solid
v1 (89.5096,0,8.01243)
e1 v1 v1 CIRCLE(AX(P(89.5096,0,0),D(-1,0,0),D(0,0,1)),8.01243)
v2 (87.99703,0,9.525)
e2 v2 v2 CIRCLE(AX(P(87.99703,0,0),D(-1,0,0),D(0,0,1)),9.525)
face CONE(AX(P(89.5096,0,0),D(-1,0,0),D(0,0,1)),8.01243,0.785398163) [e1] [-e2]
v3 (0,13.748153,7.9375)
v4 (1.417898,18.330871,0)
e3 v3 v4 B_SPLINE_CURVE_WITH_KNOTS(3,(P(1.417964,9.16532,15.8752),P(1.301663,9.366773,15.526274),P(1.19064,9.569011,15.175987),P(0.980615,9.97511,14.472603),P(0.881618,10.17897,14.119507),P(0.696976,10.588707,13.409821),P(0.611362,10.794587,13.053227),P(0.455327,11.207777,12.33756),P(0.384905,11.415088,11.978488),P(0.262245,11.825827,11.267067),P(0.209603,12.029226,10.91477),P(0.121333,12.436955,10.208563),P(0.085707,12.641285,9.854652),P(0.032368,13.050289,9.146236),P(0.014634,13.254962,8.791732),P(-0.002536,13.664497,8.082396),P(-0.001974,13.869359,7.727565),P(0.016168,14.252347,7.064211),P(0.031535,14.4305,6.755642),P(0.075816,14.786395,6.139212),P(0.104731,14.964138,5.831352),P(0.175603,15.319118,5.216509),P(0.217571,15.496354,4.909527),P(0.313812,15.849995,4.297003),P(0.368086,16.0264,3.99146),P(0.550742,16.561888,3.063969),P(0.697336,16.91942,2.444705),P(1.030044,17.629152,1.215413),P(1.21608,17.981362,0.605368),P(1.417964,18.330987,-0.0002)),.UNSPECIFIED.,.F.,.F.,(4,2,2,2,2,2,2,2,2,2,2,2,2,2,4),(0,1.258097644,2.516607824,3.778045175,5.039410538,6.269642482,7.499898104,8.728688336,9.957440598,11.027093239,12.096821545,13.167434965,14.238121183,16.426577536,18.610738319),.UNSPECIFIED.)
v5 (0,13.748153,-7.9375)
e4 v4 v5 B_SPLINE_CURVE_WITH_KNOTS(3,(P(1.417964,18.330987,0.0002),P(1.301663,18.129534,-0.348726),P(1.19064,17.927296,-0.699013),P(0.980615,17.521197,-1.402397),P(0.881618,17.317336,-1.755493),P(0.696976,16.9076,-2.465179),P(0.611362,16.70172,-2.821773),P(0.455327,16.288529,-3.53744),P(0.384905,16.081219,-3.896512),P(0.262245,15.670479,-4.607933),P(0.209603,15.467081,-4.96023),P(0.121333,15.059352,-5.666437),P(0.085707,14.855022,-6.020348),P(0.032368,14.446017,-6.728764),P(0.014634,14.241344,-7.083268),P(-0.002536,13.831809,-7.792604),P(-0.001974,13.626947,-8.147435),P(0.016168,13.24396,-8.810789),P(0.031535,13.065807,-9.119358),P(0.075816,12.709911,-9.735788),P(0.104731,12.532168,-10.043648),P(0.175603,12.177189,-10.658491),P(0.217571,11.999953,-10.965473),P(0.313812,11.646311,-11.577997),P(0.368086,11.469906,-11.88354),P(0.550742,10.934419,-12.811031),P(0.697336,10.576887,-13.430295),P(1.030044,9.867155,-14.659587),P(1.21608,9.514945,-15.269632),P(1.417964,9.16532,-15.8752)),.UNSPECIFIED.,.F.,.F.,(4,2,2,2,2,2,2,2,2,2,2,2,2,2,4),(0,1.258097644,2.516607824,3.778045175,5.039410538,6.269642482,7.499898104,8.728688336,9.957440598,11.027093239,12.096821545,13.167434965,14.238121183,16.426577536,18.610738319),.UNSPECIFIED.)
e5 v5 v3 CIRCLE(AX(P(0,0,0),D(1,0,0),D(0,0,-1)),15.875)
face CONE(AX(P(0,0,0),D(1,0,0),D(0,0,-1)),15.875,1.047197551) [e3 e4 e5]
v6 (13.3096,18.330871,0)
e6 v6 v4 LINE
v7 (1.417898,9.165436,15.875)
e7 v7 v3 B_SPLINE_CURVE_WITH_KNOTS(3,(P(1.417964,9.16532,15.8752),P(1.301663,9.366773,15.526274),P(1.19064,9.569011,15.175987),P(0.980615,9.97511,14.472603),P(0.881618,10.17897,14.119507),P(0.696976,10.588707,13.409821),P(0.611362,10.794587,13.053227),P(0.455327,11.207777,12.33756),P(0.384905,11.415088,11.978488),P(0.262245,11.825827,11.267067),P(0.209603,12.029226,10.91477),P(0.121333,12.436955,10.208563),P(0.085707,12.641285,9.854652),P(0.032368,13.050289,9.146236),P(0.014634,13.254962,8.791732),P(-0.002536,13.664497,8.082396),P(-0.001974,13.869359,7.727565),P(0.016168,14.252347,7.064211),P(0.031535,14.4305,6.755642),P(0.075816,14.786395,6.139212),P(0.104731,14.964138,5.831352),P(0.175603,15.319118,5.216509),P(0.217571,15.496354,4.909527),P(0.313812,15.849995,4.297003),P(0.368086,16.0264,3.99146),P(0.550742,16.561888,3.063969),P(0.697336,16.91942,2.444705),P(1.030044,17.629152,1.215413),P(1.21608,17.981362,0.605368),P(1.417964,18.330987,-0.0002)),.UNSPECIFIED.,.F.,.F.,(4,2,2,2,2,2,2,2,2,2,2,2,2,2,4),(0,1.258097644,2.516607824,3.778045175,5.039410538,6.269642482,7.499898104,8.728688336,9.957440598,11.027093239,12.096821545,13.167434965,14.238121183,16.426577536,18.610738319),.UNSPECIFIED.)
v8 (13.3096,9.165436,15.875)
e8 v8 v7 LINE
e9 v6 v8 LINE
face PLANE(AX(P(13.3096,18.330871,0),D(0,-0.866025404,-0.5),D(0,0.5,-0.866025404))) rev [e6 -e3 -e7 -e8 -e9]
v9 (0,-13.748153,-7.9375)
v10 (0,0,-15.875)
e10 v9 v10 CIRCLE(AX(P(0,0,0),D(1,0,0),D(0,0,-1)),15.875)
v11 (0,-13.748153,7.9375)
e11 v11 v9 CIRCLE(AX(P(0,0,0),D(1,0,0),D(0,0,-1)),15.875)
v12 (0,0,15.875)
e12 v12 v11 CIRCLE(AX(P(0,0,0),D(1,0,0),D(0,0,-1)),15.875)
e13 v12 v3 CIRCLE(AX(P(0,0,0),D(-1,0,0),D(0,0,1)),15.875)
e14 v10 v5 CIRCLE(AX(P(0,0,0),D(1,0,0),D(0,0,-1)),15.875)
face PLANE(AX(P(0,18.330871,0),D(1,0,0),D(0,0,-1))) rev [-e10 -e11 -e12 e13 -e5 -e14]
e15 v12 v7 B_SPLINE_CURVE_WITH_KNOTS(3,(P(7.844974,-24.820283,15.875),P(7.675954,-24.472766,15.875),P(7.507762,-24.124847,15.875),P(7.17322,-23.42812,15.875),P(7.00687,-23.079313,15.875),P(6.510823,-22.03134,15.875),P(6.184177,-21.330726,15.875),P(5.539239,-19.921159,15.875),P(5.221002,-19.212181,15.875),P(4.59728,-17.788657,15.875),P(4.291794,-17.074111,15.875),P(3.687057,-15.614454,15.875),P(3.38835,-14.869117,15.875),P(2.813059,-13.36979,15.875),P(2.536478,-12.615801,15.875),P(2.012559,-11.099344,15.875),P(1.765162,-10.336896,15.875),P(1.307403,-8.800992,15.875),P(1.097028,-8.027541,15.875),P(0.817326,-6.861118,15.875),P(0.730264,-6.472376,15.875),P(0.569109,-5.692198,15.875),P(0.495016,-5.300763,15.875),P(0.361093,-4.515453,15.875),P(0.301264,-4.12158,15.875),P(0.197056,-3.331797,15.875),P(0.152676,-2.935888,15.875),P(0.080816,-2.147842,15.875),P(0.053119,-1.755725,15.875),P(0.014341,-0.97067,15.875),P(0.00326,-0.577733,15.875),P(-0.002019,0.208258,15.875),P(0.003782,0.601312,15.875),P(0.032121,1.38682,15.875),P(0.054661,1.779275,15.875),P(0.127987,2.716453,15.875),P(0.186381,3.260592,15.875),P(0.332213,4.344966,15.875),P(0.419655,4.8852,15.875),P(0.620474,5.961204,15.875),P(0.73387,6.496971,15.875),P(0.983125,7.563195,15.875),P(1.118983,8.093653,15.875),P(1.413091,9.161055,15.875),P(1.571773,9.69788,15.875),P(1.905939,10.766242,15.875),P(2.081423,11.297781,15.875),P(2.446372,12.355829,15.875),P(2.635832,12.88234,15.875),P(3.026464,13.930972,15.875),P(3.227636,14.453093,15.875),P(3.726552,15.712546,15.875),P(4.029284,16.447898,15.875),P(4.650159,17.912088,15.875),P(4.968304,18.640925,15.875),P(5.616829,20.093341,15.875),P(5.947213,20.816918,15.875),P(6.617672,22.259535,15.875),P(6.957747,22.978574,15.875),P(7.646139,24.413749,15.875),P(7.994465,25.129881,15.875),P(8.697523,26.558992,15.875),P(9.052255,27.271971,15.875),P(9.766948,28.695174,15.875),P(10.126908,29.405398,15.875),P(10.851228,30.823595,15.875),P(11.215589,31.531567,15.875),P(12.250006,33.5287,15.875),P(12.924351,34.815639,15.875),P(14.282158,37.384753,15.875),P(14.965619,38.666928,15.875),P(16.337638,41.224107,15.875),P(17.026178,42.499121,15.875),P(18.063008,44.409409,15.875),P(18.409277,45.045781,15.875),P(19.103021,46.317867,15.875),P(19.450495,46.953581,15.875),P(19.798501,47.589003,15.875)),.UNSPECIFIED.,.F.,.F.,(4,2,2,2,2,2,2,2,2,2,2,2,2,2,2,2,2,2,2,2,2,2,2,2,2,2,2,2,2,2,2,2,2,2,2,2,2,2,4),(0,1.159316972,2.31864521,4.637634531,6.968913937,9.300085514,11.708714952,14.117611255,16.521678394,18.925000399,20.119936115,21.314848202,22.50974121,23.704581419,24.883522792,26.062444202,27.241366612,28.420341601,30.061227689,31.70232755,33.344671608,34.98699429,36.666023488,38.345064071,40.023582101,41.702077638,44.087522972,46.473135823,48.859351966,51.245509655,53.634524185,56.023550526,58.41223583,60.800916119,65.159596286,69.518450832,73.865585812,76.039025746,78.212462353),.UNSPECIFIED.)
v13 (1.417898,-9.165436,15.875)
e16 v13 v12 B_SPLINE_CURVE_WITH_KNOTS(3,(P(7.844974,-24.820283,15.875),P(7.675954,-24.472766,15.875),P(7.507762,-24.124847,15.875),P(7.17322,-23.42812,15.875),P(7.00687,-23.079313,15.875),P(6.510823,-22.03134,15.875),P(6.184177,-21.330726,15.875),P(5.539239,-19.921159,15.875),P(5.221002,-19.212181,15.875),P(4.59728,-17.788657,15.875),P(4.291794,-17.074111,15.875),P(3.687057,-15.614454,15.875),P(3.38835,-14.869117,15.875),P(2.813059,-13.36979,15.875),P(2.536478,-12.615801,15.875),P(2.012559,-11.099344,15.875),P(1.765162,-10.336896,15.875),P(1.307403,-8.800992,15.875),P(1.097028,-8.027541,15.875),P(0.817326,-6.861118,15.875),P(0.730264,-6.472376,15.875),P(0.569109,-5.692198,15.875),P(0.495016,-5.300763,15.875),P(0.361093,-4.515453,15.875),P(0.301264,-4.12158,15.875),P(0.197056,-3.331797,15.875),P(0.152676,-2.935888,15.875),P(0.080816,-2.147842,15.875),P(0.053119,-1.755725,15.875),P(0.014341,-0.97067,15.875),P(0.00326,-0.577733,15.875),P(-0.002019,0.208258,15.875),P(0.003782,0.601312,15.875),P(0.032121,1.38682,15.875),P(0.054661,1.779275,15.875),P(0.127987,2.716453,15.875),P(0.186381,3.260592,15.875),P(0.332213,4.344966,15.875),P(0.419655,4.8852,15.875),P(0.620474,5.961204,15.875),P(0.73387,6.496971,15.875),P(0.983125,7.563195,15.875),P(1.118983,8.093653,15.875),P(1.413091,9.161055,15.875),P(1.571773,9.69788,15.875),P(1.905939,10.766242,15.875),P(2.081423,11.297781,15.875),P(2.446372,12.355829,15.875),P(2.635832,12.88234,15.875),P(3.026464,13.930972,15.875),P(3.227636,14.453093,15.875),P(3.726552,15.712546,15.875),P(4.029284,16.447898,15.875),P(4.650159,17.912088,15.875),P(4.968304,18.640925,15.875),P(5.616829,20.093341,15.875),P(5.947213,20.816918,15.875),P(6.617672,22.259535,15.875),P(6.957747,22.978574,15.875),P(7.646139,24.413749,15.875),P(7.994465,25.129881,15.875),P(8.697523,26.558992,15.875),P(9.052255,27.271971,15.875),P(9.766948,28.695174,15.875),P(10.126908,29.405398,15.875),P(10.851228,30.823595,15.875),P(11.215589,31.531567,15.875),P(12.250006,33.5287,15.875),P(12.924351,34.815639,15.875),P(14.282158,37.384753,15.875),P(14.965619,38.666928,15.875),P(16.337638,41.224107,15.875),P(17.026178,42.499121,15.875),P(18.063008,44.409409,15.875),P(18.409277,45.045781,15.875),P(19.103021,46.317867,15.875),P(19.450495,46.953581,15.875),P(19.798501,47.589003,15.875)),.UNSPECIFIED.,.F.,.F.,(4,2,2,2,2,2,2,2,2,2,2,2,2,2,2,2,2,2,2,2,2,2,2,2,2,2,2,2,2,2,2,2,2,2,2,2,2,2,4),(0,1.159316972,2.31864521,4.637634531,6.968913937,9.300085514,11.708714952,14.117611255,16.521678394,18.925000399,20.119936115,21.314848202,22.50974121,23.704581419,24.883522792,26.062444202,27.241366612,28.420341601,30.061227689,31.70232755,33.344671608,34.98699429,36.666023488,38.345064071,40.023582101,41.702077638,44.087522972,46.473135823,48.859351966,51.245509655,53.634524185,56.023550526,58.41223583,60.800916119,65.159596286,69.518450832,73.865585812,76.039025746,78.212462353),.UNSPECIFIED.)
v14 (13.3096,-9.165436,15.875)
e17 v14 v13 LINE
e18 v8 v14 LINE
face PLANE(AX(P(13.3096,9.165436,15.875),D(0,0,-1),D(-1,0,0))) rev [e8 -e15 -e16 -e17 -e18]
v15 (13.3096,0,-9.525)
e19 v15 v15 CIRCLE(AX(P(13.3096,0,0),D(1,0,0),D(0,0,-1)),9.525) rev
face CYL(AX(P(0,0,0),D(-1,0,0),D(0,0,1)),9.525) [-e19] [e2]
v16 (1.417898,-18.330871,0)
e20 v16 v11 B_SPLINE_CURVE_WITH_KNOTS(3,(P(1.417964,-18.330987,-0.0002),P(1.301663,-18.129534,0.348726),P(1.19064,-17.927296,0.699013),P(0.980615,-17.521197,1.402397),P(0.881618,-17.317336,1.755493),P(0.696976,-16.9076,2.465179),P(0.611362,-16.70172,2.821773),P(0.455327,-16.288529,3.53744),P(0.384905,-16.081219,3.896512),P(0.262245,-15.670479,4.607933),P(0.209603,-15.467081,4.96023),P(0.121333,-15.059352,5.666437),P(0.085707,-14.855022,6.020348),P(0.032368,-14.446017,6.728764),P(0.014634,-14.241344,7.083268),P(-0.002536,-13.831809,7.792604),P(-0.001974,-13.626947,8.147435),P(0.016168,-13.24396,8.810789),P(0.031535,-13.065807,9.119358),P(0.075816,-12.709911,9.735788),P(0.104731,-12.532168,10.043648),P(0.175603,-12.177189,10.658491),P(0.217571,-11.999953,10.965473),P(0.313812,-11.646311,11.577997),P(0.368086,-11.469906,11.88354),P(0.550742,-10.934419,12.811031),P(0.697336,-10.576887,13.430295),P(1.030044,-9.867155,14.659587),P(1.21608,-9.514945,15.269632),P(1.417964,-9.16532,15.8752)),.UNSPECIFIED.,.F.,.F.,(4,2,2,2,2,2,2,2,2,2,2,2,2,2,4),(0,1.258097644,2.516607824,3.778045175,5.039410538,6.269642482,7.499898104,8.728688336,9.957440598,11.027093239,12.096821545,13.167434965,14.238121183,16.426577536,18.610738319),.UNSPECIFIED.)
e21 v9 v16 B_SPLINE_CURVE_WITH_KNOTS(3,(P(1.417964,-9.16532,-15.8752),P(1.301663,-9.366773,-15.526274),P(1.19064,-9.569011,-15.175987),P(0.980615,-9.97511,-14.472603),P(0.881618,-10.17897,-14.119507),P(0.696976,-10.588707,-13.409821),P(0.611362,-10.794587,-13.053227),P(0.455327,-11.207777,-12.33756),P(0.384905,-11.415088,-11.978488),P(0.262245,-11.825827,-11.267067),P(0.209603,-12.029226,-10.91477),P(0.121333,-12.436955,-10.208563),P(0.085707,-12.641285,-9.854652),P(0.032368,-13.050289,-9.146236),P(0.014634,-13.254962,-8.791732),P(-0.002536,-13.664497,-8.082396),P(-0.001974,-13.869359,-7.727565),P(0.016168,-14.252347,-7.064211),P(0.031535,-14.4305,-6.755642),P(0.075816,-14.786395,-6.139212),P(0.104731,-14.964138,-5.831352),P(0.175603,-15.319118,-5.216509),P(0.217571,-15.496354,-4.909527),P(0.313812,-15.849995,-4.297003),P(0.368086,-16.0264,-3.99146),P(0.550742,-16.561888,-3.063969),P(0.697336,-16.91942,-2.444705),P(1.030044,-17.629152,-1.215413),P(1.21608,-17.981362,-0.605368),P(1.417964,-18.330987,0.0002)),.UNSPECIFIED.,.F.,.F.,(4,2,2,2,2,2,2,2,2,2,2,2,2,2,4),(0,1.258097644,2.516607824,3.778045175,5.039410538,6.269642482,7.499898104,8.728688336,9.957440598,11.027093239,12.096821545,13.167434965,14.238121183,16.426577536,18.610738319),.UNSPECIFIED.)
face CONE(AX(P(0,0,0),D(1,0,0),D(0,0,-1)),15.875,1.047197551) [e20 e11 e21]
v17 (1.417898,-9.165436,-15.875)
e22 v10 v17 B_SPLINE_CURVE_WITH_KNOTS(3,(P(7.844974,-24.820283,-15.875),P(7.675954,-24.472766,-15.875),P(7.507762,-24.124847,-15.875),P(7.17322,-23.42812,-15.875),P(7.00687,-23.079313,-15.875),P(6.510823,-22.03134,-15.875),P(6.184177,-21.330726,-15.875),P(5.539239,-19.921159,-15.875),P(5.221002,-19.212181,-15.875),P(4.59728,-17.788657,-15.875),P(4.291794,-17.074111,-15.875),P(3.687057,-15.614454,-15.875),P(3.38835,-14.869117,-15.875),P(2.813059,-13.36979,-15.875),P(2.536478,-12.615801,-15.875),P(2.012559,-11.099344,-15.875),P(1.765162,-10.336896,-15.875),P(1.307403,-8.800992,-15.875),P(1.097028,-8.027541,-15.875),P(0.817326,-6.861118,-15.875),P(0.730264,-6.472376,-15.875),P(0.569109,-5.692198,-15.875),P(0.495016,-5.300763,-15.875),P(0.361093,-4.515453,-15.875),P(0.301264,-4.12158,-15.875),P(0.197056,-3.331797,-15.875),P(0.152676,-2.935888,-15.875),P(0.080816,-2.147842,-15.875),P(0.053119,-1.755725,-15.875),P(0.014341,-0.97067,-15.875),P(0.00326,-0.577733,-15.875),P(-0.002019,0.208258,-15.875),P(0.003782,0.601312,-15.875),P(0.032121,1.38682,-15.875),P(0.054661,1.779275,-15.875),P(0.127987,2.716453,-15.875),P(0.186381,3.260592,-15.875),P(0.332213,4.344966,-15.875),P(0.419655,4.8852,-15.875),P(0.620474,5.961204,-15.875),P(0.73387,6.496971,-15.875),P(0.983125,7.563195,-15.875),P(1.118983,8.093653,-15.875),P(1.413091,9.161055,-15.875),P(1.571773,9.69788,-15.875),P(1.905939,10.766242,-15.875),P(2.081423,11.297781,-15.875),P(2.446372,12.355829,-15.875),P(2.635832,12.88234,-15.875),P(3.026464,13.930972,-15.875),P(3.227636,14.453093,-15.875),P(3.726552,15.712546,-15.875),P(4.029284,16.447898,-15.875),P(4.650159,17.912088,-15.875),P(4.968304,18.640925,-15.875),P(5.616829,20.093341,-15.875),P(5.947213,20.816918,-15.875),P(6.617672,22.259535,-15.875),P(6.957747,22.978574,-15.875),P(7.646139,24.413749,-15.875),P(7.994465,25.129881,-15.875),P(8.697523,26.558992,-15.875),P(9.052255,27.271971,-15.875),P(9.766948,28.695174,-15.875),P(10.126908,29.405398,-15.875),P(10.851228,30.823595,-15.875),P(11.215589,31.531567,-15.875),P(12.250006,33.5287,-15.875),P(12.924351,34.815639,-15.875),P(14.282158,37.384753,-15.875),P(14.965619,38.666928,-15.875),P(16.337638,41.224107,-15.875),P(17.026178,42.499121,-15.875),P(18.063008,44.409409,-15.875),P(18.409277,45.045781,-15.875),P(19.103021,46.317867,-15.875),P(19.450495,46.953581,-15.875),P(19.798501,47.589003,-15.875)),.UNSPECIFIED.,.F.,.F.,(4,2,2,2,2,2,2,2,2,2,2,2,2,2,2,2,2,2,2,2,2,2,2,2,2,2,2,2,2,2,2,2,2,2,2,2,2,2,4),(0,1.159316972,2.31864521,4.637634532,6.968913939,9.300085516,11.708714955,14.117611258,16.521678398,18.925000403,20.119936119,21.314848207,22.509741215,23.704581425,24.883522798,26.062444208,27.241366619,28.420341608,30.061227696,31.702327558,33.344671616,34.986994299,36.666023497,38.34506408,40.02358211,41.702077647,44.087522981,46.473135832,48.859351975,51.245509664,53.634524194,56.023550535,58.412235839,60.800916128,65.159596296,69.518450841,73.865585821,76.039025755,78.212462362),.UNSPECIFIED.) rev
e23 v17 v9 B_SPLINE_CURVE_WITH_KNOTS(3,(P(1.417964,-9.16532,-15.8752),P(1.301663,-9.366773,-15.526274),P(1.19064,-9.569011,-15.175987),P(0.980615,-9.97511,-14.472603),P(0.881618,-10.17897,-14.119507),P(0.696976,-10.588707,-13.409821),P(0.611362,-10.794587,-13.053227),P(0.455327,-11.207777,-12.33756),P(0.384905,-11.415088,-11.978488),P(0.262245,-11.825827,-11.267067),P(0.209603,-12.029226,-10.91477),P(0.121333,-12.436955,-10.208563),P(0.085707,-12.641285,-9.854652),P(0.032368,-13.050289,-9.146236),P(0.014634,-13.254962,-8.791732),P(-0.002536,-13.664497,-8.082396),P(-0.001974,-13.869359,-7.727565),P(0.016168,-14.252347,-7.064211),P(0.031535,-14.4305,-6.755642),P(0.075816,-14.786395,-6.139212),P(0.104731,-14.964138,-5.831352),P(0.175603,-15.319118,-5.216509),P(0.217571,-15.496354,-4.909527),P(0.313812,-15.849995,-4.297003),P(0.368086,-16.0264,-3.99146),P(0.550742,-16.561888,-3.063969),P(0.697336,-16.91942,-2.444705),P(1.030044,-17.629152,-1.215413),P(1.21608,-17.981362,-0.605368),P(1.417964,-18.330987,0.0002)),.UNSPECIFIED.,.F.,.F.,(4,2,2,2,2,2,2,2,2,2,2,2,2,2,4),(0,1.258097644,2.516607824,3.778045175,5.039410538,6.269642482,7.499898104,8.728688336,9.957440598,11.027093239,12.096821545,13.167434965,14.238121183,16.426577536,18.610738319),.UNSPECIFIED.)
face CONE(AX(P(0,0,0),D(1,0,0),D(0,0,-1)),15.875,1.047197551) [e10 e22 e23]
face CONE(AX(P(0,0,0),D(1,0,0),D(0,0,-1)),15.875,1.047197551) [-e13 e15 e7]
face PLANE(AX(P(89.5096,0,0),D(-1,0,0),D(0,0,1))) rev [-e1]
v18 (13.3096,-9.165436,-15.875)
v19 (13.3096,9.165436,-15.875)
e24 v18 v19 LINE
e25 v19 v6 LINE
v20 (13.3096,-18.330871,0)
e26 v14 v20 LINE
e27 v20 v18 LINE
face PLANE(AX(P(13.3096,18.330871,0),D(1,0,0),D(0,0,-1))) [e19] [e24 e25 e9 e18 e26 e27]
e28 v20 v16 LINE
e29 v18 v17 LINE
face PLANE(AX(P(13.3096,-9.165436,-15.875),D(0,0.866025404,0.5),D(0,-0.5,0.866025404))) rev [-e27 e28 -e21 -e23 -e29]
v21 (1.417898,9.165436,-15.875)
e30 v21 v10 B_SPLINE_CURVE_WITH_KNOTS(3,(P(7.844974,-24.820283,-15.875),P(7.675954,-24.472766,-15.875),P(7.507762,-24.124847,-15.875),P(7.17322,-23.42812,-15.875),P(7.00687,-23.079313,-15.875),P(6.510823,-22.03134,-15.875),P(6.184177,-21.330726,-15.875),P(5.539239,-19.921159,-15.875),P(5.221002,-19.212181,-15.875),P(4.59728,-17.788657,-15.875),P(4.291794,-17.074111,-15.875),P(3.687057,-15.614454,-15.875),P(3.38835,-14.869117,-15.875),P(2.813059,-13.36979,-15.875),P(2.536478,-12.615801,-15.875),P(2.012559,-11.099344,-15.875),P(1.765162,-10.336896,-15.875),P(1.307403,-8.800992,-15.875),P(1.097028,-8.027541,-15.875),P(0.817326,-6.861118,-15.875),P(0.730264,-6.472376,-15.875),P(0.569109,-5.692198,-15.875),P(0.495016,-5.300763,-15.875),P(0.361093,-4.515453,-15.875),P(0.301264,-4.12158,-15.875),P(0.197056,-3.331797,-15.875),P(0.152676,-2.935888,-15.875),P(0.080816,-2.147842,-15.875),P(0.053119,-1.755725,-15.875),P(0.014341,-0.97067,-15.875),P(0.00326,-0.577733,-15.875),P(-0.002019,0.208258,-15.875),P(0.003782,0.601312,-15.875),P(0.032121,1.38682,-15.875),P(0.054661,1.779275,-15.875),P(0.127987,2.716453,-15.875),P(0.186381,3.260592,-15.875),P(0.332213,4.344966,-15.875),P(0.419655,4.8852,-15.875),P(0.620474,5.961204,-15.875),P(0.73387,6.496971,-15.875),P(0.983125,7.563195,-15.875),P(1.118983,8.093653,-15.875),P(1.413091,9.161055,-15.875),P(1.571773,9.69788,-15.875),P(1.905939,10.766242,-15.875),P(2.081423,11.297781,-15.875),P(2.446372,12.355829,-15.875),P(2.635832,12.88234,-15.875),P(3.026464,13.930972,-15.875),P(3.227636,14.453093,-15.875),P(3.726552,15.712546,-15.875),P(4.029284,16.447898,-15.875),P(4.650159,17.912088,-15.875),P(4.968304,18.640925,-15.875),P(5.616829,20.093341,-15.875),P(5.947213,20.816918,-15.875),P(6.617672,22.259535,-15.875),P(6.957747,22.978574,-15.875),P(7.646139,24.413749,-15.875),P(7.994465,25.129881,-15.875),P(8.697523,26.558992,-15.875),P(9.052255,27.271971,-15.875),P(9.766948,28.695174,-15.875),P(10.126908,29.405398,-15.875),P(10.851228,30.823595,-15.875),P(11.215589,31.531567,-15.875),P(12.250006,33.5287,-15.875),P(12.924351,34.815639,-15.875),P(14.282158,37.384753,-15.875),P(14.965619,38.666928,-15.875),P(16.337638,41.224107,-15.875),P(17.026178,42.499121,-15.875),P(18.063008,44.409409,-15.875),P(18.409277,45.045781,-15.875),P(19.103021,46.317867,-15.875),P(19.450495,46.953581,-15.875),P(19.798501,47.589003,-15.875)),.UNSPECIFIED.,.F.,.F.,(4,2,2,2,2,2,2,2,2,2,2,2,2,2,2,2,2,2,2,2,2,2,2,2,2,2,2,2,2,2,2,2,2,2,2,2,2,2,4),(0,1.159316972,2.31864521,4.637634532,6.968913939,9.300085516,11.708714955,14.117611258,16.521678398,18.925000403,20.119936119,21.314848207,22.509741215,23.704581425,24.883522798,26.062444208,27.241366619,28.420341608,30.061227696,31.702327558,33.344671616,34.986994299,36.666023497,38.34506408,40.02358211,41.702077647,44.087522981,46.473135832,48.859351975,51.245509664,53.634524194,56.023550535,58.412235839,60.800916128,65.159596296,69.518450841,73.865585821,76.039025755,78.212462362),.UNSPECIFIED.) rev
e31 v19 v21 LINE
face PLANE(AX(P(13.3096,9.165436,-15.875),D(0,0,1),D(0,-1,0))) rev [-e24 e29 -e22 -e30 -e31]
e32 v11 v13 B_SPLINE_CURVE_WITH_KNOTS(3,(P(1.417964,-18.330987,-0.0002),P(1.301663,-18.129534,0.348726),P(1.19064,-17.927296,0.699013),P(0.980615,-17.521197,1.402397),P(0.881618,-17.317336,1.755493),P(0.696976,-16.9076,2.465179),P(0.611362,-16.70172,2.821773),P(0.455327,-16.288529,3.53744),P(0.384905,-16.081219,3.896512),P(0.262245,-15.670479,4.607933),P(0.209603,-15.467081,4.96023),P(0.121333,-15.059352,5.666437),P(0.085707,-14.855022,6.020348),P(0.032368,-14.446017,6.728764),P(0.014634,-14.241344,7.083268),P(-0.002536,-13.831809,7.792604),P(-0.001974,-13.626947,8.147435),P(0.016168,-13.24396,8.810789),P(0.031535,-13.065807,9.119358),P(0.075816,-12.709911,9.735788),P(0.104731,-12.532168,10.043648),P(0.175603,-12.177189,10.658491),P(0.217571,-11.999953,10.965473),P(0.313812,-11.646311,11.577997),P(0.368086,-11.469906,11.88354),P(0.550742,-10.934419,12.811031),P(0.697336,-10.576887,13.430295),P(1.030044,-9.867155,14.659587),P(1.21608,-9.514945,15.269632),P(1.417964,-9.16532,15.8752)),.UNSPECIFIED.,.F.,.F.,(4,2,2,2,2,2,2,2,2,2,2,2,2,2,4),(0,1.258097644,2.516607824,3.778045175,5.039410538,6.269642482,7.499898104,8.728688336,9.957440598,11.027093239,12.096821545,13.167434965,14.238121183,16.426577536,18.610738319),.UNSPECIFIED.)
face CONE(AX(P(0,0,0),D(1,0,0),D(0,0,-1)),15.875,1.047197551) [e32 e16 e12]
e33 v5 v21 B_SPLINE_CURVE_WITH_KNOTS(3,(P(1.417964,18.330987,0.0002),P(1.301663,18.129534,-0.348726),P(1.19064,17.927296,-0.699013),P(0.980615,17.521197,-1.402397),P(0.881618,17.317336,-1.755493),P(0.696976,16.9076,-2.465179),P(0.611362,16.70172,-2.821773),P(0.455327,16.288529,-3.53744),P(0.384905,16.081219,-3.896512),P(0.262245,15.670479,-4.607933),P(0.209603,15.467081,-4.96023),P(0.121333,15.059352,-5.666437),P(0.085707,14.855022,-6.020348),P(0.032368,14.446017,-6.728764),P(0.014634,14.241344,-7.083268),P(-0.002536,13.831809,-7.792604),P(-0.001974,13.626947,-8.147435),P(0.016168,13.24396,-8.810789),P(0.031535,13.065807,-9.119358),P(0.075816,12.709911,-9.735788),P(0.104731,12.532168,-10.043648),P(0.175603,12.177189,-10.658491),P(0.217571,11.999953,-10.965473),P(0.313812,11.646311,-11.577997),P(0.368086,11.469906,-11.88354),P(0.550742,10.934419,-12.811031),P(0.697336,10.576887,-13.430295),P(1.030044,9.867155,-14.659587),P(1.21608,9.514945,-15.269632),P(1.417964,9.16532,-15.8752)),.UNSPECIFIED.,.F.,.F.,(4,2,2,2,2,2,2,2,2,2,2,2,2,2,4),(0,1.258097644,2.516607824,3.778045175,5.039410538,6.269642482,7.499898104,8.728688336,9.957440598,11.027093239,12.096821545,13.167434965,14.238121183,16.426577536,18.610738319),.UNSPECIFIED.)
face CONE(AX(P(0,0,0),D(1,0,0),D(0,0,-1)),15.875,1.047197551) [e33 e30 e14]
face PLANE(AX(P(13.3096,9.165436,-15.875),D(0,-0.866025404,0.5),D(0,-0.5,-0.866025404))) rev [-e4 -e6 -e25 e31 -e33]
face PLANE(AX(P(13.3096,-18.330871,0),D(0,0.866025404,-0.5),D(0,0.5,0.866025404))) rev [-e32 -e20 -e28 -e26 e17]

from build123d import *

# Parameters (mm, degrees)
BASEHEAD_DEPTH = 13.3096


with BuildPart() as part:
    # Sketch1 → BaseHead (new body)
    with BuildSketch(Plane(origin=(0, 0, 0), x_dir=(0, 0, -1), z_dir=(1, 0, 0))):
        Polygon((15.875, 9.165435523), (15.875, -9.165435523), (0, -18.330871047), (-15.875, -9.165435523), (-15.875, 9.165435523), (0, 18.330871047), align=None)
    extrude(amount=BASEHEAD_DEPTH)

    # BodySke → BaseBody (revolve)
    with BuildSketch(Plane.XY, mode=Mode.PRIVATE) as basebody_sk:
        Polygon((0, 0), (89.5096, 0), (89.5096, 8.01243), (87.99703, 9.525), (0, 9.525), align=None)
    revolve(basebody_sk.sketch.rotate(Axis((0, 0, 0), (1, 0, 0)), 90), axis=Axis((0, 0, 0), (1, 0, 0)))

    # Sketch3 → HeadChamfer (revolve, cut)
    with BuildSketch(Plane.XY):
        Polygon((0, 15.875), (5.084072019, 24.680871047), (5.084072019, 31.030871047), (-12.7, 31.030871047), (-12.7, 15.875), align=None)
    revolve(axis=Axis((0, 0, 0), (1, 0, 0)), mode=Mode.SUBTRACT)


solid = part.part
